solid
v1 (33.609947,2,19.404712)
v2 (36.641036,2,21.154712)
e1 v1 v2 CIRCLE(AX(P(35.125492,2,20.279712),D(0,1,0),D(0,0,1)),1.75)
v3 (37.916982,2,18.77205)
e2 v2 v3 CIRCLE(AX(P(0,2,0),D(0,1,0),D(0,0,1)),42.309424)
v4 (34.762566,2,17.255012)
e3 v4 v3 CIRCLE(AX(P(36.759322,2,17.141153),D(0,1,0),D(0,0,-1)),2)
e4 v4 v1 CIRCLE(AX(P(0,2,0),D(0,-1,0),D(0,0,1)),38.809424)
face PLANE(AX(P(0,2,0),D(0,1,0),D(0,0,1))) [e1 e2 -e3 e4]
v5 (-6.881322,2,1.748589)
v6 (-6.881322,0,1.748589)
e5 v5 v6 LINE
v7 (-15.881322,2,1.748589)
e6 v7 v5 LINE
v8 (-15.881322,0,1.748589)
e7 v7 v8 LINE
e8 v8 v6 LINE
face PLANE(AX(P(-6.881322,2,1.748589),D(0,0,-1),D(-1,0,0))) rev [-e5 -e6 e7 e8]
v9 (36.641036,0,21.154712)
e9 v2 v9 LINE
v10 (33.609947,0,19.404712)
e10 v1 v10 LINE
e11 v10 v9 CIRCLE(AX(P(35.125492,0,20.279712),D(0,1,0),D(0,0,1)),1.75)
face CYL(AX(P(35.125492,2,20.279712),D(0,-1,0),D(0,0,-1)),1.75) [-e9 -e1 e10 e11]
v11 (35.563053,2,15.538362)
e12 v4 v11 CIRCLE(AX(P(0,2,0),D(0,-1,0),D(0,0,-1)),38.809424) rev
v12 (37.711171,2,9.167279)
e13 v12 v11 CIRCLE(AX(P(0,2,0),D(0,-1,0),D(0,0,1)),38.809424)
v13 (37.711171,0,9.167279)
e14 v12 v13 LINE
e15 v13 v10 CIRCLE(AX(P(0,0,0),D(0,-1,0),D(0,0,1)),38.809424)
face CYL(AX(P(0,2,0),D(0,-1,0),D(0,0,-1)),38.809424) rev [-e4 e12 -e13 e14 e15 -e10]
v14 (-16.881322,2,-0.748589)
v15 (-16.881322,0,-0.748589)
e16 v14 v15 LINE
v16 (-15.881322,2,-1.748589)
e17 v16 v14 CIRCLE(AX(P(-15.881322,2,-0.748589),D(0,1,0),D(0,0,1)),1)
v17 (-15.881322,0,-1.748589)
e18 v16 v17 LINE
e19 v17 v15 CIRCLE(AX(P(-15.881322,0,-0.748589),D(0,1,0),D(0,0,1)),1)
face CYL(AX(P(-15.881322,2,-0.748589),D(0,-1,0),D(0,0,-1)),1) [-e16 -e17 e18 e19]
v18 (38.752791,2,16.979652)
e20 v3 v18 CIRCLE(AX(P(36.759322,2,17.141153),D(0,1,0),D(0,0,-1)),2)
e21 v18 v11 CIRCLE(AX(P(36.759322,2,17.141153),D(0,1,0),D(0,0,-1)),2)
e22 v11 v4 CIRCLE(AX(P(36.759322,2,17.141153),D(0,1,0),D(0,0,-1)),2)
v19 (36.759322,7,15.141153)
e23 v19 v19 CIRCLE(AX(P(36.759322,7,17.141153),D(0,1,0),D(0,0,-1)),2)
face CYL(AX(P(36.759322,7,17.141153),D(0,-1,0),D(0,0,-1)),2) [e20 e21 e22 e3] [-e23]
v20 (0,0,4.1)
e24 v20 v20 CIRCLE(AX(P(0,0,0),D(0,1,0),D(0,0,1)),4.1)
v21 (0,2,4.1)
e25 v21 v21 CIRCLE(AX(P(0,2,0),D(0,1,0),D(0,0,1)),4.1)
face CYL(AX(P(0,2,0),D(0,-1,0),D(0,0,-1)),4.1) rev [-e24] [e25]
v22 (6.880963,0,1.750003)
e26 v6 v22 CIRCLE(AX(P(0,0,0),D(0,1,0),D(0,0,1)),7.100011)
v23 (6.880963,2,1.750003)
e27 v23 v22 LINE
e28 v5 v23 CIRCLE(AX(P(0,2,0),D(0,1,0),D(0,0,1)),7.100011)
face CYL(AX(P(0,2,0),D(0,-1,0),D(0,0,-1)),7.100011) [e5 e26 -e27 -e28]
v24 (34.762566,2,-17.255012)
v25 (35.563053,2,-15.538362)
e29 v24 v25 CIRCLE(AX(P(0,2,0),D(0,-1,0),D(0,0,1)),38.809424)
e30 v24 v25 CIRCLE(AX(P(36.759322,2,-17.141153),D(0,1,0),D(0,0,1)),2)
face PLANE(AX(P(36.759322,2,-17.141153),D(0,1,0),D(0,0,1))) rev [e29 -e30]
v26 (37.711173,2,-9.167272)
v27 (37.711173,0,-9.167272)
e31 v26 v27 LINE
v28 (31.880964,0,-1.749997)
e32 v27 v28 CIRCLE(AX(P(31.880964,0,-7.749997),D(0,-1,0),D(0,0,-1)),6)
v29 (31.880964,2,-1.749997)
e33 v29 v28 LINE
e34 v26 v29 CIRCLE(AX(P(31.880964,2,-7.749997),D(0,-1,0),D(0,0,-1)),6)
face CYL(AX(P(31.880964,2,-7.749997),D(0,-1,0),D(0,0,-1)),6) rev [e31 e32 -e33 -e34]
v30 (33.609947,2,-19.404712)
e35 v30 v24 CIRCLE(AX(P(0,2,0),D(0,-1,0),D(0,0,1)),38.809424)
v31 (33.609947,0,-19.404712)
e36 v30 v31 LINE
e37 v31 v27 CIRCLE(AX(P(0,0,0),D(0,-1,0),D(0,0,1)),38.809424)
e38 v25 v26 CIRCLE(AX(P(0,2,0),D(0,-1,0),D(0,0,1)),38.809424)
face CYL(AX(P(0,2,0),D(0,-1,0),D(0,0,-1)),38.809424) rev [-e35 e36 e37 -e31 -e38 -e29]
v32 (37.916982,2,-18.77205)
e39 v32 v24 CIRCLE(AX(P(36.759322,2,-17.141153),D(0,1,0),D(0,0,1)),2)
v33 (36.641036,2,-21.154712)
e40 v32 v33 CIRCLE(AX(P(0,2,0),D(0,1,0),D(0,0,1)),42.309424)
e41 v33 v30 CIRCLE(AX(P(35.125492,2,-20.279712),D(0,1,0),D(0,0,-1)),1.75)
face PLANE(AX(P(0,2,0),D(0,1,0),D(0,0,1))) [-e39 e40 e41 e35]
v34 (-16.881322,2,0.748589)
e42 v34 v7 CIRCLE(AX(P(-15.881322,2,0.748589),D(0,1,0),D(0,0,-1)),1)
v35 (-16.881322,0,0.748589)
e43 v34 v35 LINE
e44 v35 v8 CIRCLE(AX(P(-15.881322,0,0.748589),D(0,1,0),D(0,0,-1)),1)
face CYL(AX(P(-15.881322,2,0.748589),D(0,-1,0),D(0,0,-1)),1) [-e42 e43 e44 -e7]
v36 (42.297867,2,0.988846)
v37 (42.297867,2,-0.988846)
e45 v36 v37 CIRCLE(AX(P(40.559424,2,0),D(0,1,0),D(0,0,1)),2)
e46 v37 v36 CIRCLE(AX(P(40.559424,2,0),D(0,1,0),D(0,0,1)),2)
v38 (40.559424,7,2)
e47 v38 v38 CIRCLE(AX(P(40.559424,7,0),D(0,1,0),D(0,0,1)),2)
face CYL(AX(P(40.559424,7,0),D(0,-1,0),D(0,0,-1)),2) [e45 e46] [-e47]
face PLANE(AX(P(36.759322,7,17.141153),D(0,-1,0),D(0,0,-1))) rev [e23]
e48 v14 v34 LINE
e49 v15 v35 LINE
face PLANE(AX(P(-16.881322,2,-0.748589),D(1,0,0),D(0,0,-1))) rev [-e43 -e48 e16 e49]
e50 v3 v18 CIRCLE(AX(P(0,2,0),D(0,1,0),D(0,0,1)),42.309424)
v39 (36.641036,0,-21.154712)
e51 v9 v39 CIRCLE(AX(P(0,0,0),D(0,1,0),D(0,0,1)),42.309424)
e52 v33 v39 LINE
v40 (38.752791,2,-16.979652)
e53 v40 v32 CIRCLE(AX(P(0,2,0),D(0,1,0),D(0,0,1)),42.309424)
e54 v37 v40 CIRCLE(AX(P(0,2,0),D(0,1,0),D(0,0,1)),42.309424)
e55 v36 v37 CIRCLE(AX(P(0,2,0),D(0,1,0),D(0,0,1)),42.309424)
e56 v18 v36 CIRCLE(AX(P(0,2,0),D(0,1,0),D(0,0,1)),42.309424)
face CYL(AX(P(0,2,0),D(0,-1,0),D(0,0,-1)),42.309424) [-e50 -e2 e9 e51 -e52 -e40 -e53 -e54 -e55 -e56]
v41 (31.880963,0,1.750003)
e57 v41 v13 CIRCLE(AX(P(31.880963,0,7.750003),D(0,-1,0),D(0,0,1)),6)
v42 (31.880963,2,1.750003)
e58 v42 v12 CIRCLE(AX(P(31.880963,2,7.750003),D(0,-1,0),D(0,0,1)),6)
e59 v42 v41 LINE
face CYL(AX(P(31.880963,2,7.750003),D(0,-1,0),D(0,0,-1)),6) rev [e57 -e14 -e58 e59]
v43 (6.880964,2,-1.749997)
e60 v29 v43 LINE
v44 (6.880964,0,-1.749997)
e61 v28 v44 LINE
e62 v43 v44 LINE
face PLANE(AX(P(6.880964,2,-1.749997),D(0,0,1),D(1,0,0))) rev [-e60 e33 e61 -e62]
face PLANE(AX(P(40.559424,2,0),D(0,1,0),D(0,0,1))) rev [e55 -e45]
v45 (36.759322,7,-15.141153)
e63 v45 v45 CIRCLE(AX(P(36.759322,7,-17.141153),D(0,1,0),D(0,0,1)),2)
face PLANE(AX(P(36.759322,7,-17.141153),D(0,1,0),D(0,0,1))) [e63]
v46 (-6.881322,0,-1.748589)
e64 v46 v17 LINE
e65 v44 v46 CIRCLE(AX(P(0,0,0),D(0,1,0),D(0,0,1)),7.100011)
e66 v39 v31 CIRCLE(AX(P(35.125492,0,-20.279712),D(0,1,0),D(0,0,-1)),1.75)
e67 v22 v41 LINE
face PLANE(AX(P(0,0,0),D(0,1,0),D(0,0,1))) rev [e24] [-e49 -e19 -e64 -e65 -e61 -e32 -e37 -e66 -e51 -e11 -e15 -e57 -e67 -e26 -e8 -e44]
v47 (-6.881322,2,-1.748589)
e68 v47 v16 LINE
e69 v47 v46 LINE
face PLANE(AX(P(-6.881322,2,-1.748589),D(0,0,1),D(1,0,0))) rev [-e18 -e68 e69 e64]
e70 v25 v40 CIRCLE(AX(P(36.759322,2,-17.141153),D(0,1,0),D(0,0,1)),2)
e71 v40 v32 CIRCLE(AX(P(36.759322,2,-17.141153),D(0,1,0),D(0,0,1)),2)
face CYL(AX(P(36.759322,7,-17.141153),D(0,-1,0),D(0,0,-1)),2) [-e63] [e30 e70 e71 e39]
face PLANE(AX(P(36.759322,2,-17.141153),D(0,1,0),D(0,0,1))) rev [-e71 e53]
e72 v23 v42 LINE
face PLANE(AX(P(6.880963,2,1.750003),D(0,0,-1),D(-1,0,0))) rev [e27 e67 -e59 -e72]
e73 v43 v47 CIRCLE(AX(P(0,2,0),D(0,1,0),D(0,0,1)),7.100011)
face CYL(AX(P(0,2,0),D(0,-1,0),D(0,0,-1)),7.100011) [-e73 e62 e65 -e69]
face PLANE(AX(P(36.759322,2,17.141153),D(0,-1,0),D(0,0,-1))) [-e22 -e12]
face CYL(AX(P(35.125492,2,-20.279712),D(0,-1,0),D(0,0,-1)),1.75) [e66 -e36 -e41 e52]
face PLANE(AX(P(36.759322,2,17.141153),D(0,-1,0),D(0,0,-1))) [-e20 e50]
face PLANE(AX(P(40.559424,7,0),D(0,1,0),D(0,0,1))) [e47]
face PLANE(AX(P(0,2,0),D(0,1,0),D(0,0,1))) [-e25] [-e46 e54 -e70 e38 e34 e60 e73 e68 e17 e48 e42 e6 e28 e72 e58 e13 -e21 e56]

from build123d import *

# Parameters (mm, degrees)
SKETCH1_R           = 4.1
BOSS_EXTRUDE1_DEPTH = 2
SKETCH2_R           = 2
BOSS_EXTRUDE2_DEPTH = 5


with BuildPart() as part:
    # Sketch1 → Boss-Extrude1 (new body)
    with BuildSketch(Plane(origin=(0, 0, 0), x_dir=(1, 0, 0), z_dir=(0, 1, 0))):
        with BuildLine():
            Line((6.880964228, 1.749997239), (31.880964166, 1.749997239))
            ThreePointArc((31.880964166, 1.749997239), (36.598148239, 4.042144166), (37.711172654, 9.167272434))
            ThreePointArc((37.711172654, 9.167272434), (36.026057764, 14.43241452), (33.609947488, 19.40471223))
            ThreePointArc((33.609947488, 19.40471223), (34.250491945, 21.795256686), (36.641036401, 21.15471223))
            ThreePointArc((36.641036401, 21.15471223), (42.309424459, 0), (36.641036401, -21.15471223))
            ThreePointArc((36.641036401, -21.15471223), (34.250491945, -21.795256686), (33.609947488, -19.40471223))
            ThreePointArc((33.609947488, -19.40471223), (36.026056514, -14.432417639), (37.711171067, -9.167278965))
            ThreePointArc((37.711171067, -9.167278965), (36.598147218, -4.042150095), (31.880962823, -1.750002761))
            Line((31.880962823, -1.750002761), (6.880962823, -1.750002761))
            ThreePointArc((6.880962823, -1.750002761), (-0.000729594, -7.100011163), (-6.881322337, -1.748588554))
            Line((-6.881322337, -1.748588554), (-15.881322337, -1.748588554))
            ThreePointArc((-15.881322337, -1.748588554), (-16.588429118, -1.455695335), (-16.881322337, -0.748588554))
            Line((-16.881322337, -0.748588554), (-16.881322337, 0.748588554))
            ThreePointArc((-16.881322337, 0.748588554), (-16.588429118, 1.455695335), (-15.881322337, 1.748588554))
            Line((-15.881322337, 1.748588554), (-6.881322337, 1.748588554))
            ThreePointArc((-6.881322337, 1.748588554), (-0.000726746, 7.100011163), (6.880964228, 1.749997239))
        make_face()
        Circle(SKETCH1_R, mode=Mode.SUBTRACT)
    extrude(amount=BOSS_EXTRUDE1_DEPTH)

    # Sketch2 → Boss-Extrude2 (add)
    with BuildSketch(Plane(origin=(0, 2, 0), x_dir=(1, 0, 0), z_dir=(0, 1, 0))):
        with Locations((36.759322225, 17.141153462)):
            Circle(SKETCH2_R)
        with Locations((40.559424459, 0)):
            Circle(SKETCH2_R)
        with Locations((36.759322225, -17.141153462)):
            Circle(SKETCH2_R)
    extrude(amount=BOSS_EXTRUDE2_DEPTH)


solid = part.part
